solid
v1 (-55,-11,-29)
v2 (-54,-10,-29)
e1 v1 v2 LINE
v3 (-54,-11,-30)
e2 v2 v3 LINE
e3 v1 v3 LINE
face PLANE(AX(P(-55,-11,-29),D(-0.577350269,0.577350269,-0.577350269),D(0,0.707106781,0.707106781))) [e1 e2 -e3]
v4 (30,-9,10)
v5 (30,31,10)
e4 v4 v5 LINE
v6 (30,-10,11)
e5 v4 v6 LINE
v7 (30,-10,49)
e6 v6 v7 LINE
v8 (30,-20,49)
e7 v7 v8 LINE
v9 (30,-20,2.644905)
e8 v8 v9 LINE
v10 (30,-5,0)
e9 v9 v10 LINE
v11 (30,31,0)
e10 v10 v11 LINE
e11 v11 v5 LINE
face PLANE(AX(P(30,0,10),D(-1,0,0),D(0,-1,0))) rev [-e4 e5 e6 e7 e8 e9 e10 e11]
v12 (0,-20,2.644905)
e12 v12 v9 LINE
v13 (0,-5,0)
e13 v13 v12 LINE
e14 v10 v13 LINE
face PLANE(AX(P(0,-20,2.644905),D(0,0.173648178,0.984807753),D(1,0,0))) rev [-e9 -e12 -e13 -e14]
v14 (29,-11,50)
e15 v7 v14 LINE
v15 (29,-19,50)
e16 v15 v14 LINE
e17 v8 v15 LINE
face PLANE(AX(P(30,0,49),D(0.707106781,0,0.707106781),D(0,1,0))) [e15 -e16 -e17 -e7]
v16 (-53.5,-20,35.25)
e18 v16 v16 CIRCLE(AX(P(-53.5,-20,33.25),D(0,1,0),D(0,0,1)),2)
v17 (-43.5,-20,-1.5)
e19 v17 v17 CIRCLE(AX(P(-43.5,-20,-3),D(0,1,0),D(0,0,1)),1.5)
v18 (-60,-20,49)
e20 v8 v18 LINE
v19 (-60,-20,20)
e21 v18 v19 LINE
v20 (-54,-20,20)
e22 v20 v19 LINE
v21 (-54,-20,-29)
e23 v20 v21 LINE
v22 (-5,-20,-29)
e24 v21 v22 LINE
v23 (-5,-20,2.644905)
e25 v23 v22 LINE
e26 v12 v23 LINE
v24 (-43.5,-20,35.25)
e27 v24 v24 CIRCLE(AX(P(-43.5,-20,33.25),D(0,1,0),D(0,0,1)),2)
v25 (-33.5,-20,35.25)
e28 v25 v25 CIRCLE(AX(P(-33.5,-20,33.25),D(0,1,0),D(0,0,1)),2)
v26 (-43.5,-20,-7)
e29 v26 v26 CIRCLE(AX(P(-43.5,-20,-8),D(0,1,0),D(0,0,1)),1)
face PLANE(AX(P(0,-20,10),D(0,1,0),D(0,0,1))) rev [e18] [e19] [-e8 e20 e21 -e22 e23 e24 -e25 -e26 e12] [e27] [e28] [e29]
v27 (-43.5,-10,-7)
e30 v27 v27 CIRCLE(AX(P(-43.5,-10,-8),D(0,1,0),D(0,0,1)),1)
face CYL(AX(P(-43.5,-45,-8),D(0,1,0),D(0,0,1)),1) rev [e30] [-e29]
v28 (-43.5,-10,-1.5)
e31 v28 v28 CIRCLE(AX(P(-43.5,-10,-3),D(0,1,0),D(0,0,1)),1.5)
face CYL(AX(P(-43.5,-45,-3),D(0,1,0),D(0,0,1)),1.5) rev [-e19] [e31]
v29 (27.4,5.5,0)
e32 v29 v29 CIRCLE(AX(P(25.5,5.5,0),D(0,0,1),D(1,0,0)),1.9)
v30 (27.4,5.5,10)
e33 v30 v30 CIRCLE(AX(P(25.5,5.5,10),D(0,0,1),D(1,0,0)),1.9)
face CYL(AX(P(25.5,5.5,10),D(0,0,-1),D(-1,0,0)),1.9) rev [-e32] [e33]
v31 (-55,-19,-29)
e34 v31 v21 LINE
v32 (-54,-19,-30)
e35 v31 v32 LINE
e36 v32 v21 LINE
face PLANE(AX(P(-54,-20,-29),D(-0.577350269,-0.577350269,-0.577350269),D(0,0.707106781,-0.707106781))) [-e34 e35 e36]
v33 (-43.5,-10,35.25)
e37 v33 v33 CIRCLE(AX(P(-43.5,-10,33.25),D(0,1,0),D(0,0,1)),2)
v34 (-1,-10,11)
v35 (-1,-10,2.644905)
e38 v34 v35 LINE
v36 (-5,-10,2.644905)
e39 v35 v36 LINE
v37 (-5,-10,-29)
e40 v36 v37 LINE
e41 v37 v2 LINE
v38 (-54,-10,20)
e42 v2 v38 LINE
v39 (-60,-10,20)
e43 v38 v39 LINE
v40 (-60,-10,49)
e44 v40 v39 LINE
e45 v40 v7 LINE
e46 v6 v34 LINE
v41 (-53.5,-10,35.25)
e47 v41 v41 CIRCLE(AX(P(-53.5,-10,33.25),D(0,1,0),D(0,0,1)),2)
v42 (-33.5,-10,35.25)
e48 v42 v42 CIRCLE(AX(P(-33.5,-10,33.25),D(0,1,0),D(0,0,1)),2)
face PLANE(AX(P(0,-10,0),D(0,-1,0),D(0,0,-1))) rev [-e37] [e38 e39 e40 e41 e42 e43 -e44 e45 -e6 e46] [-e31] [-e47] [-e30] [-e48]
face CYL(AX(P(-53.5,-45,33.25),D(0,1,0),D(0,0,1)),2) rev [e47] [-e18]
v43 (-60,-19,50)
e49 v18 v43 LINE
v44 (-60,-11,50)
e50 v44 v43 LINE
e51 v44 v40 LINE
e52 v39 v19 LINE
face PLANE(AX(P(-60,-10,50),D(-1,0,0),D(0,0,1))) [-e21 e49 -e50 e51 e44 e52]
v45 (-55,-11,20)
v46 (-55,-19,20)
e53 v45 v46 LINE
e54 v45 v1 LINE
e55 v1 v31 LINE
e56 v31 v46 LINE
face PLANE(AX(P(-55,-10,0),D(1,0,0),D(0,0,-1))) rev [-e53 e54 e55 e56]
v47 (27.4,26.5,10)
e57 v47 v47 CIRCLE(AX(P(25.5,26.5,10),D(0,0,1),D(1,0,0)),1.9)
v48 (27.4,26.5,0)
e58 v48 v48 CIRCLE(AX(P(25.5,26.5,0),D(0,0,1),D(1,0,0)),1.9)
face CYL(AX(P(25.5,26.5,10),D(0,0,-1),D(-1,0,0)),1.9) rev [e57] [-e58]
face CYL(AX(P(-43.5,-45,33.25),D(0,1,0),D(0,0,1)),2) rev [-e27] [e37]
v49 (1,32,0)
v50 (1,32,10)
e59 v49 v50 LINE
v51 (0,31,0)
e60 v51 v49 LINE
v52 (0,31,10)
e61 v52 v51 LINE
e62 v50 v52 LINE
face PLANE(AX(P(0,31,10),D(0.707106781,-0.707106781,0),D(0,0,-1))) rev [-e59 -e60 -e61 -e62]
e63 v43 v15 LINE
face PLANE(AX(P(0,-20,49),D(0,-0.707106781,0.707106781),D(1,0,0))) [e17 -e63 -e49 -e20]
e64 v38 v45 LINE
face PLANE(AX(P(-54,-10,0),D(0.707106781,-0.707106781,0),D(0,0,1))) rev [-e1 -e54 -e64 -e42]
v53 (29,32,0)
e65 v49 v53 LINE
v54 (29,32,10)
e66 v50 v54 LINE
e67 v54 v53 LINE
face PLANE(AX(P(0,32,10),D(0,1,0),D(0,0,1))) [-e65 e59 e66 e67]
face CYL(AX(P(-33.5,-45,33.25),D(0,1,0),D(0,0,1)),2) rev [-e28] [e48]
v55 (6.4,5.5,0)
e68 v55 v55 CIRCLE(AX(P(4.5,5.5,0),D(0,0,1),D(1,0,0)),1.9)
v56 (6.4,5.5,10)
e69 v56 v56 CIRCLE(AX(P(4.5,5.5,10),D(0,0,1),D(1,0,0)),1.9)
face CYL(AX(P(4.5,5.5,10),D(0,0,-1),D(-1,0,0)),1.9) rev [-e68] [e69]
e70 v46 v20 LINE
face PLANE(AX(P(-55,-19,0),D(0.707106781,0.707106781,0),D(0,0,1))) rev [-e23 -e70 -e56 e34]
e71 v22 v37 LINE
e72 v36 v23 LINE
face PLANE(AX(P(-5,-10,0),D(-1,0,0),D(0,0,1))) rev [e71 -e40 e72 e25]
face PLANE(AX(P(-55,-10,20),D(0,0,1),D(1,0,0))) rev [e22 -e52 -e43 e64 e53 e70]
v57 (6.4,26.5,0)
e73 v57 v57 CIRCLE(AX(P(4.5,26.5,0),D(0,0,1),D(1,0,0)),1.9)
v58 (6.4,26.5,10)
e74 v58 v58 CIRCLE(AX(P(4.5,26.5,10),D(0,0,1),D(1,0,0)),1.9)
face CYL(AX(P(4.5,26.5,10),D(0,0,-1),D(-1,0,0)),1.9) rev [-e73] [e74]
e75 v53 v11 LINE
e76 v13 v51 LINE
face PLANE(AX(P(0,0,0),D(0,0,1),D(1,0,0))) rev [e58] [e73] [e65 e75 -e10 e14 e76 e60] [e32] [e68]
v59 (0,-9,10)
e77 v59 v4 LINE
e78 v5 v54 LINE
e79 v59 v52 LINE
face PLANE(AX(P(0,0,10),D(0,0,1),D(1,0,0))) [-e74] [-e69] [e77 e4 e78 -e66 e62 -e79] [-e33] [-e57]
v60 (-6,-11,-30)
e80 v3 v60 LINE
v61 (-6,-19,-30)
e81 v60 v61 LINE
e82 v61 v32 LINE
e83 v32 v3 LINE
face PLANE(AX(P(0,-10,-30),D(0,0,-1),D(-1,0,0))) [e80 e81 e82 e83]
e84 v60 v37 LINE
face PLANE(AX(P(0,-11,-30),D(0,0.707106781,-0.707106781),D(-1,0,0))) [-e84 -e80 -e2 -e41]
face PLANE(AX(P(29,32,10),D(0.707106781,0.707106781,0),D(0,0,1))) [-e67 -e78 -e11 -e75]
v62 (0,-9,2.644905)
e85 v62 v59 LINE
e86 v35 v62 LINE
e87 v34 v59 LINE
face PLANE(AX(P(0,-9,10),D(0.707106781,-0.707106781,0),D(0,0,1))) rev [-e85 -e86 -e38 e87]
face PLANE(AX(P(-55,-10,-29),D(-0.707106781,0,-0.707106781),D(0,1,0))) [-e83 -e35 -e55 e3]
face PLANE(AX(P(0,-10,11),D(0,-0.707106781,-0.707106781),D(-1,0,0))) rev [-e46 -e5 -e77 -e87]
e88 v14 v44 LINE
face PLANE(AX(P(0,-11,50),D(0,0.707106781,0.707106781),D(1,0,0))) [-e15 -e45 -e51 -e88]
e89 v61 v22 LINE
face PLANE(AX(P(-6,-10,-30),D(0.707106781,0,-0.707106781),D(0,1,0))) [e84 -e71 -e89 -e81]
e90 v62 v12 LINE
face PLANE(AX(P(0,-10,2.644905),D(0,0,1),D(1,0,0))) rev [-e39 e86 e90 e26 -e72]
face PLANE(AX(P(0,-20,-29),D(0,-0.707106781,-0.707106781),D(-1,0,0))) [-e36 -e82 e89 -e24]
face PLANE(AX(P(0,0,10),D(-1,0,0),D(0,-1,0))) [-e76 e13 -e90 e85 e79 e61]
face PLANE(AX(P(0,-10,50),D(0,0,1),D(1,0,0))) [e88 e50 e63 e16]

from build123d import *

# Parameters (mm, degrees)
SKETCH1_W           = 30
SKETCH1_H           = 52
SKETCH1_R           = 1.9
BOSS_EXTRUDE1_DEPTH = 10
CHAMFER1_SIZE       = 15
CHAMFER1_SIZE2      = 2.644904711
SKETCH2_W           = 5
SKETCH2_H           = 7.355095289
SKETCH2_H_2         = 30
BOSS_EXTRUDE2_DEPTH = 10
SKETCH3_R           = 1
SKETCH3_R_2         = 1.5
SKETCH3_R_3         = 2
CUT_EXTRUDE1_DEPTH  = 35
CHAMFER2_SIZE       = 1


with BuildPart() as part:
    # Sketch1 → Boss-Extrude1 (new body)
    with BuildSketch(Plane.XY):
        with Locations((15, 6)):
            Rectangle(SKETCH1_W, SKETCH1_H)
        with Locations((4.5, 26.5)):
            Circle(SKETCH1_R, mode=Mode.SUBTRACT)
        with Locations((25.5, 26.5)):
            Circle(SKETCH1_R, mode=Mode.SUBTRACT)
        with Locations((25.5, 5.5)):
            Circle(SKETCH1_R, mode=Mode.SUBTRACT)
        with Locations((4.5, 5.5)):
            Circle(SKETCH1_R, mode=Mode.SUBTRACT)
    extrude(amount=BOSS_EXTRUDE1_DEPTH)

    # Chamfer1
    chamfer1_edges = [part.edges().sort_by_distance(p)[0] for p in [
        (15, -20, 0),
    ]]
    chamfer1_side = [part.faces().sort_by_distance(p)[0] for p in [
        (15, 5.700491631, 0),
    ]]
    chamfer(chamfer1_edges, length=CHAMFER1_SIZE, length2=CHAMFER1_SIZE2, reference=chamfer1_side[0])

    # Sketch2 → Boss-Extrude2 (add)
    with BuildSketch(Plane.XZ.offset(20)):
        Polygon((0, 10), (30, 10), (30, 50), (-55, 50), (-55, 20), (-55, 10), (-5, 10), align=None)
        Polygon((-5, 2.644904711), (-5, 10), (-55, 10), (-55, -30), (-5, -30), align=None)
        with Locations((-2.5, 6.322452356)):
            Rectangle(SKETCH2_W, SKETCH2_H)
        with Locations((-57.5, 35)):
            Rectangle(SKETCH2_W, SKETCH2_H_2)
    extrude(amount=-BOSS_EXTRUDE2_DEPTH)

    # Sketch3 → Cut-Extrude1 (cut)
    with BuildSketch(Plane(origin=(0, -10, 0), x_dir=(1, 0, 0), z_dir=(0, 1, 0))):
        with Locations(Location((-43.5, 8, 0), (0, 0, 270))):
            Circle(SKETCH3_R)
        with Locations(Location((-43.5, 3, 0), (0, 0, 270))):
            Circle(SKETCH3_R_2)
        with Locations(Location((-33.5, -33.25, 0), (0, 0, 270))):
            Circle(SKETCH3_R_3)
        with Locations(Location((-53.5, -33.25, 0), (0, 0, 270))):
            Circle(SKETCH3_R_3)
        with Locations(Location((-43.5, -33.25, 0), (0, 0, 270))):
            Circle(SKETCH3_R_3)
    extrude(amount=-CUT_EXTRUDE1_DEPTH, mode=Mode.SUBTRACT)

    # Chamfer2
    chamfer2_edges = [part.edges().sort_by_distance(p)[0] for p in [
        (0, 32, 5),
        (30, 32, 5),
        (-15, -10, 50),
        (30, -15, 50),
        (-30, -10, -30),
        (-5, -15, -30),
        (-55, -15, -30),
        (-55, -20, -5),
        (-15, -20, 50),
        (-30, -20, -30),
        (-55, -10, -5),
        (15, -10, 10),
        (0, -10, 6.322452355),
    ]]
    chamfer(chamfer2_edges, length=CHAMFER2_SIZE)


solid = part.part
